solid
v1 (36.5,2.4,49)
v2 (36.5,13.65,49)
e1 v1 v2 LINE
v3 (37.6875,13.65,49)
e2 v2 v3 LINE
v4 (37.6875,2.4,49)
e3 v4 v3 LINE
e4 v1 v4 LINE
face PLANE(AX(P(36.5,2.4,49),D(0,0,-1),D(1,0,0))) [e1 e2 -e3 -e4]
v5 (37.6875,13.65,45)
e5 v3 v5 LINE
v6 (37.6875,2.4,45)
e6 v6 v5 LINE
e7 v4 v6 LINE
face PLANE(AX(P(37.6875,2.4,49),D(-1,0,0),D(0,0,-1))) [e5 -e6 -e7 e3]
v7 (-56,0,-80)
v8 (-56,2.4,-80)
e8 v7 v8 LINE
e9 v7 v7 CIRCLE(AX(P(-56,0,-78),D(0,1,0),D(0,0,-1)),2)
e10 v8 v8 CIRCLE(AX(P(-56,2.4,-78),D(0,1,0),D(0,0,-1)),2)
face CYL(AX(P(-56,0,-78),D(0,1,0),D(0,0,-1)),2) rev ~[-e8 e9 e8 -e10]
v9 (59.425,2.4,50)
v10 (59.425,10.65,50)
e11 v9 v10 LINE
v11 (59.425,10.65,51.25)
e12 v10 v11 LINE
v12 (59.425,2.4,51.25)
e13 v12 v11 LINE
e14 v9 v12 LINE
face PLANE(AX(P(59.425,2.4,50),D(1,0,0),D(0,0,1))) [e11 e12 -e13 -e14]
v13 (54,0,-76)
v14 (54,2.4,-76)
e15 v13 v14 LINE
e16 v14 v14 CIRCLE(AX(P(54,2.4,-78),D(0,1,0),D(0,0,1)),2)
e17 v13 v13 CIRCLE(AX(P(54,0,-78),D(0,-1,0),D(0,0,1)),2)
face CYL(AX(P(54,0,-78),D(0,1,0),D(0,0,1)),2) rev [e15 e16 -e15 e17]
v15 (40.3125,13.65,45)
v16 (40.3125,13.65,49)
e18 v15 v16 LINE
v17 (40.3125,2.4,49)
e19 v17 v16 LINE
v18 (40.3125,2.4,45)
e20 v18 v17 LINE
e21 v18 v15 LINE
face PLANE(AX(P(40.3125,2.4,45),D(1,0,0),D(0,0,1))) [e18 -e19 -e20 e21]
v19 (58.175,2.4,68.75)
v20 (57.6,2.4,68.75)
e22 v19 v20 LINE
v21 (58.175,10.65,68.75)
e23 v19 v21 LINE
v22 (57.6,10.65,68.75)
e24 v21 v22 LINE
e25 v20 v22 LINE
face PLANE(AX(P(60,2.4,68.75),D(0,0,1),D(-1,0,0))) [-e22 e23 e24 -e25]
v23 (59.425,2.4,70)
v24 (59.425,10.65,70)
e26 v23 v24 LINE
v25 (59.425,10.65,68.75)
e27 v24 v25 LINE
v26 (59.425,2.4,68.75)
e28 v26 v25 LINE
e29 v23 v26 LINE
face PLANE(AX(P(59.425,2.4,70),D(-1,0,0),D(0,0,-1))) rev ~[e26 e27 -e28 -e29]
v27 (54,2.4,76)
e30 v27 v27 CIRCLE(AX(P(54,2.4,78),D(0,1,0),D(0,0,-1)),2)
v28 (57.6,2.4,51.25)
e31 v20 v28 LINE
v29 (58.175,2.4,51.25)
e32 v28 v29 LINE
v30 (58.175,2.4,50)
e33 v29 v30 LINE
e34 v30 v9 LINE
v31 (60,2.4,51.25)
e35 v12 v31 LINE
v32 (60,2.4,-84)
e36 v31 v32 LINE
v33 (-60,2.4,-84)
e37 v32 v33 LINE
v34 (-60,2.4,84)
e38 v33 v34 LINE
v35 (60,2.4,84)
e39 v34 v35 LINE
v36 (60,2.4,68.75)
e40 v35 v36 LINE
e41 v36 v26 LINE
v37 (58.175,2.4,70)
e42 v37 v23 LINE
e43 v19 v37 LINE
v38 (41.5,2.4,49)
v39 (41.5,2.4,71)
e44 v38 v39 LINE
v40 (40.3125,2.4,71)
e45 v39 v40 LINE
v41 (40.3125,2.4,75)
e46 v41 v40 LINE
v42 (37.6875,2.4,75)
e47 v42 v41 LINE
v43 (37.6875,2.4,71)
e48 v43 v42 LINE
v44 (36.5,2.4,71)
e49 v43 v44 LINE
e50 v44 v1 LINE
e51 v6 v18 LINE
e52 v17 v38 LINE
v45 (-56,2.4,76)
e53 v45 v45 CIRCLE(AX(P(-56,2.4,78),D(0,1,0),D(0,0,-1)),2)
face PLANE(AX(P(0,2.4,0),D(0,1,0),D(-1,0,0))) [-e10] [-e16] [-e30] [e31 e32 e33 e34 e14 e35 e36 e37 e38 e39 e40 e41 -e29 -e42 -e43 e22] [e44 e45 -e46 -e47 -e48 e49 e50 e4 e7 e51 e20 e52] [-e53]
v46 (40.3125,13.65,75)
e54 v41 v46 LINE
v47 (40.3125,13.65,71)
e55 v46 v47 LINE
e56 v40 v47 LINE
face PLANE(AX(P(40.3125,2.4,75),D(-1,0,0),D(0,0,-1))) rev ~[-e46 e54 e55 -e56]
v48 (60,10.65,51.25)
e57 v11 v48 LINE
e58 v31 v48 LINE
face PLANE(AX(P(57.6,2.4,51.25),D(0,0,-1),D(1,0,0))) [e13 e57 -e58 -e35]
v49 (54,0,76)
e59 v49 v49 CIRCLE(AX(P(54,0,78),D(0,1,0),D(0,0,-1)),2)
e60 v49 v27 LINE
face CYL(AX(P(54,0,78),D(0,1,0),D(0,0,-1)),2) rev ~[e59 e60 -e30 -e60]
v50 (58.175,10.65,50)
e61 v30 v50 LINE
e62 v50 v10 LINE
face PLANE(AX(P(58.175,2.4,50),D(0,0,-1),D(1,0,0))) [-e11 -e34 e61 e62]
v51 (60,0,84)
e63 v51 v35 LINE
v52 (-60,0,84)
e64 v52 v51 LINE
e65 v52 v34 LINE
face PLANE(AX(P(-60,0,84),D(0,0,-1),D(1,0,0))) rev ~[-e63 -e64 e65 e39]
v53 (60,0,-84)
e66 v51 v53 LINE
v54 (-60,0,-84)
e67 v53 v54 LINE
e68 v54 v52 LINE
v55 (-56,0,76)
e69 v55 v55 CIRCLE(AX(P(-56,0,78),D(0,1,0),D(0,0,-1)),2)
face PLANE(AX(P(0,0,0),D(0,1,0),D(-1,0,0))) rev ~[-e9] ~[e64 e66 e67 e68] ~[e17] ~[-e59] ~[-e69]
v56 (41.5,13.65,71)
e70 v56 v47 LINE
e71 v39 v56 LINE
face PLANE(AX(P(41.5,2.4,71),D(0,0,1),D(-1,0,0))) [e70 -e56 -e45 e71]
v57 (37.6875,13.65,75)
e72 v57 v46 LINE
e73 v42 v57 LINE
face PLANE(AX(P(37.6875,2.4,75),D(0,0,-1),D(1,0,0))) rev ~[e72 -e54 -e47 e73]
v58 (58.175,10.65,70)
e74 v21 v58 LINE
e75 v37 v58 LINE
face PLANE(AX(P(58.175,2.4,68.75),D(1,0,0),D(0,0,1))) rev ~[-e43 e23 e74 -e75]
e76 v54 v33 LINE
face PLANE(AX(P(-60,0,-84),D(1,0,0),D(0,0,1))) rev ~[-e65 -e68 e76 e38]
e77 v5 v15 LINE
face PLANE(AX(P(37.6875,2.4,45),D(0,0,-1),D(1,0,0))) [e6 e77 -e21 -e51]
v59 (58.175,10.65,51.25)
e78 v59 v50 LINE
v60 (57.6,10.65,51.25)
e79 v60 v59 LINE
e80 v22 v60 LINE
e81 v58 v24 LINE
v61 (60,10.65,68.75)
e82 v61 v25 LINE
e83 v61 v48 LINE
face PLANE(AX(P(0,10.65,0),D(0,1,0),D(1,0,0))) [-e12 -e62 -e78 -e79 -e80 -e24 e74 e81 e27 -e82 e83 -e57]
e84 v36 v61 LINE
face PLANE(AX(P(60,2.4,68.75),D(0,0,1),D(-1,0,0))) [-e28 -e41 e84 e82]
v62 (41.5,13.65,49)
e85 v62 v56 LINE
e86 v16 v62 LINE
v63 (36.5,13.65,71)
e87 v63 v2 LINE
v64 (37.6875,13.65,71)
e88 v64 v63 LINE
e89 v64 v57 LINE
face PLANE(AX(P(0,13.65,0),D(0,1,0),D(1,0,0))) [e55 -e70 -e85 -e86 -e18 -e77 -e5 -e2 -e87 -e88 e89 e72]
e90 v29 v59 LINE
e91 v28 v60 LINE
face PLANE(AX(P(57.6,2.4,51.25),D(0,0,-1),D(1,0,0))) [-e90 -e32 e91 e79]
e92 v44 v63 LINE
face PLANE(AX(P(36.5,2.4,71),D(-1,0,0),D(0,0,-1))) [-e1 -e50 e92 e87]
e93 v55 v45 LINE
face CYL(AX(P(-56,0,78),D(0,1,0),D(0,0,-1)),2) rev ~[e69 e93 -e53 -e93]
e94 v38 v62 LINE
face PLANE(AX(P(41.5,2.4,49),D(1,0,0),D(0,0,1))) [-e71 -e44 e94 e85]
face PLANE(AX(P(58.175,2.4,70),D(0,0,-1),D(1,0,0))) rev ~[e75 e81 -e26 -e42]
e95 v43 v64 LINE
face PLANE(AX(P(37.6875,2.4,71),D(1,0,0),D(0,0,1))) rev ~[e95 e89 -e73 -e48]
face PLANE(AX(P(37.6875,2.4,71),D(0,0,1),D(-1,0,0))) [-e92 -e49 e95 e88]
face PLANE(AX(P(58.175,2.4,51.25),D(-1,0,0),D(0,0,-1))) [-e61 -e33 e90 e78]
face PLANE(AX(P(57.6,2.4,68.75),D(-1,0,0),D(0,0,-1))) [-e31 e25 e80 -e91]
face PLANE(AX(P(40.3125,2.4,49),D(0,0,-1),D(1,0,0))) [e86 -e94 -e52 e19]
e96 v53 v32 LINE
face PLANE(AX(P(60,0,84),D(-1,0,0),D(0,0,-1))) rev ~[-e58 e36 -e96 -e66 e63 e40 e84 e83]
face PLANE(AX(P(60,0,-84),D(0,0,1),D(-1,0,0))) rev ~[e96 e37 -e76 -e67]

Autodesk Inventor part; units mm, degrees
ref_plane "YZ Plane" through (0, 0, 0) normal (1, 0, 0) x (0, 1, 0)
ref_plane "XZ Plane" through (0, 0, 0) normal (0, 1, 0) x (-1, 0, 0)
ref_plane "XY Plane" through (0, 0, 0) normal (0, 0, 1) x (1, 0, 0)
sketch "Sketch1" plane through (0, 0, 0) normal (0, 1, 0) x (-1, 0, 0)
  line L0 (-60, -84) -> (60, -84)
  line L1 (60, -84) -> (60, 84)
  line L2 (60, 84) -> (-60, 84)
  line L3 (-60, 84) -> (-60, -84)
  line L4 (-60, -84) -> (60, 84) construction
  line L5 (60, -84) -> (-60, 84) construction
  point P0 (0, 0)
  dimension "d0" = 168
  dimension "d1" = 120
extrude "Extrusion1" add sketch "Sketch1" along normal blind 2.4
sketch "Sketch2" plane through (0, 2.4, 0) normal (0, 1, 0) x (1, 0, 0)
  line L0 (60, -84) -> (60, 84) projected
  line L1 (60, -68.75) -> (57.6, -68.75)
  line L2 (57.6, -68.75) -> (57.6, -51.25)
  line L3 (57.6, -51.25) -> (60, -51.25)
  line L4 (60, -51.25) -> (60, -68.75)
  line L5 (-60, -84) -> (60, -84) projected
  point P0 (0, 0)
  dimension "d4" = 2.4
  dimension "d5" = 17.5
  dimension "d6" = 15.25
extrude "Extrusion2" add sketch "Sketch2" along normal blind 8.25
sketch "Sketch3" plane through (0, 2.4, 0) normal (0, 1, 0) x (1, 0, 0)
  line L0 (59.425, -52.5) -> (58.175, -52.5)
  line L1 (58.175, -52.5) -> (58.175, -50)
  line L2 (58.175, -50) -> (59.425, -50)
  line L3 (59.425, -50) -> (59.425, -52.5)
  line L4 (57.6, -51.25) -> (60, -51.25) projected
  line L5 (59.425, -52.5) -> (58.175, -50) construction
  line L6 (58.175, -52.5) -> (59.425, -50) construction
  line L7 (59.425, -67.5) -> (58.175, -67.5)
  line L8 (58.175, -67.5) -> (58.175, -70)
  line L9 (58.175, -70) -> (59.425, -70)
  line L10 (59.425, -70) -> (59.425, -67.5)
  line L11 (60, -68.75) -> (57.6, -68.75) projected
  line L12 (59.425, -67.5) -> (58.175, -70) construction
  line L13 (58.175, -67.5) -> (59.425, -70) construction
  point P0 (0, 0)
  point P1 (58.8, -51.25)
  point P2 (58.8, -68.75)
  point P3 (59.425, -68.75)
  point P4 (58.175, -68.75)
  point P5 (58.175, -51.25)
  point P6 (59.425, -51.25)
  dimension "d9" = 1.25
  dimension "d10" = 2.5
  dimension "d11" = 1.25
  dimension "d12" = 2.5
extrude "Extrusion3" add sketch "Sketch3" along normal blind 8.25 contours L4 L1 L2 L3 | L10 L9 L8 L11
sketch "Sketch4" plane through (0, 2.4, 0) normal (0, 1, 0) x (1, 0, 0)
  line L0 (60, -84) -> (60, -68.75) projected
  line L1 (-60, -84) -> (60, -84) projected
  line L2 (41.5, -71) -> (36.5, -71)
  line L3 (36.5, -71) -> (36.5, -49)
  line L4 (36.5, -49) -> (41.5, -49)
  line L5 (41.5, -49) -> (41.5, -71)
  line L6 (40.3125, -67) -> (37.6875, -67)
  line L7 (37.6875, -67) -> (37.6875, -75)
  line L8 (37.6875, -75) -> (40.3125, -75)
  line L9 (40.3125, -75) -> (40.3125, -67)
  line L10 (40.3125, -67) -> (37.6875, -75) construction
  line L11 (37.6875, -67) -> (40.3125, -75) construction
  line L12 (40.3125, -53) -> (37.6875, -53)
  line L13 (37.6875, -53) -> (37.6875, -45)
  line L14 (37.6875, -45) -> (40.3125, -45)
  line L15 (40.3125, -45) -> (40.3125, -53)
  line L16 (40.3125, -53) -> (37.6875, -45) construction
  line L17 (37.6875, -53) -> (40.3125, -45) construction
  point P0 (0, 0)
  point P1 (39, -71)
  point P2 (39, -49)
  point P3 (40.3125, -71)
  point P4 (37.6875, -71)
  point P5 (37.6875, -49)
  point P6 (40.3125, -49)
  dimension "d15" = 18.5
  dimension "d16" = 13
  dimension "d17" = 5
  dimension "d18" = 22
  dimension "d21" = 2.625
  dimension "d22" = 8
  dimension "d23" = 2.625
  dimension "d24" = 8
extrude "Extrusion4" add sketch "Sketch4" along normal blind 11.25
ref_plane "Work Plane3" through (-60, 0, 0) normal (0, 0, 1) x (1, 0, 0)
sketch "Sketch11" plane through (0, 0, 0) normal (0, -1, 0) x (1, 0, 0)
  line L0 (-60, 84) -> (60, 84) projected
  line L1 (-60, -84) -> (-60, 84) projected
  line L2 (60, -84) -> (-60, -84) projected
  point P0 (0, 0)
  point P1 (-56, 78)
  point P2 (-56, -78)
  dimension "d63" = 6
  dimension "d64" = 4
  dimension "d65" = 4
  dimension "d66" = 6
hole "Hole1" at (-56, 0, 78) at (-56, 0, -78) direction (0, 1, 0) diameter 4 end through all
sketch "Sketch12" plane through (0, 2.4, 0) normal (0, 1, 0) x (1, 0, 0)
  point P0 (0, 0)
sketch "Sketch13" plane through (0, 0, 0) normal (0, -1, 0) x (1, 0, 0)
  line L0 (60, 84) -> (60, -84) projected
  line L1 (-60, 84) -> (60, 84) projected
  point P0 (0, 0)
  point P1 (54, 78)
  point P2 (54.2858, -79.2517)
  dimension "d74" = 6
  dimension "d75" = 6
hole "Hole2" at (54, 0, 78) direction (0, 1, 0) diameter 4 depth 10 tip angle 118
mirror "Mirror4" about plane through (-60, 0, 0) normal (0, 0, 1) of "Hole2"
properties part number "lower casing"
